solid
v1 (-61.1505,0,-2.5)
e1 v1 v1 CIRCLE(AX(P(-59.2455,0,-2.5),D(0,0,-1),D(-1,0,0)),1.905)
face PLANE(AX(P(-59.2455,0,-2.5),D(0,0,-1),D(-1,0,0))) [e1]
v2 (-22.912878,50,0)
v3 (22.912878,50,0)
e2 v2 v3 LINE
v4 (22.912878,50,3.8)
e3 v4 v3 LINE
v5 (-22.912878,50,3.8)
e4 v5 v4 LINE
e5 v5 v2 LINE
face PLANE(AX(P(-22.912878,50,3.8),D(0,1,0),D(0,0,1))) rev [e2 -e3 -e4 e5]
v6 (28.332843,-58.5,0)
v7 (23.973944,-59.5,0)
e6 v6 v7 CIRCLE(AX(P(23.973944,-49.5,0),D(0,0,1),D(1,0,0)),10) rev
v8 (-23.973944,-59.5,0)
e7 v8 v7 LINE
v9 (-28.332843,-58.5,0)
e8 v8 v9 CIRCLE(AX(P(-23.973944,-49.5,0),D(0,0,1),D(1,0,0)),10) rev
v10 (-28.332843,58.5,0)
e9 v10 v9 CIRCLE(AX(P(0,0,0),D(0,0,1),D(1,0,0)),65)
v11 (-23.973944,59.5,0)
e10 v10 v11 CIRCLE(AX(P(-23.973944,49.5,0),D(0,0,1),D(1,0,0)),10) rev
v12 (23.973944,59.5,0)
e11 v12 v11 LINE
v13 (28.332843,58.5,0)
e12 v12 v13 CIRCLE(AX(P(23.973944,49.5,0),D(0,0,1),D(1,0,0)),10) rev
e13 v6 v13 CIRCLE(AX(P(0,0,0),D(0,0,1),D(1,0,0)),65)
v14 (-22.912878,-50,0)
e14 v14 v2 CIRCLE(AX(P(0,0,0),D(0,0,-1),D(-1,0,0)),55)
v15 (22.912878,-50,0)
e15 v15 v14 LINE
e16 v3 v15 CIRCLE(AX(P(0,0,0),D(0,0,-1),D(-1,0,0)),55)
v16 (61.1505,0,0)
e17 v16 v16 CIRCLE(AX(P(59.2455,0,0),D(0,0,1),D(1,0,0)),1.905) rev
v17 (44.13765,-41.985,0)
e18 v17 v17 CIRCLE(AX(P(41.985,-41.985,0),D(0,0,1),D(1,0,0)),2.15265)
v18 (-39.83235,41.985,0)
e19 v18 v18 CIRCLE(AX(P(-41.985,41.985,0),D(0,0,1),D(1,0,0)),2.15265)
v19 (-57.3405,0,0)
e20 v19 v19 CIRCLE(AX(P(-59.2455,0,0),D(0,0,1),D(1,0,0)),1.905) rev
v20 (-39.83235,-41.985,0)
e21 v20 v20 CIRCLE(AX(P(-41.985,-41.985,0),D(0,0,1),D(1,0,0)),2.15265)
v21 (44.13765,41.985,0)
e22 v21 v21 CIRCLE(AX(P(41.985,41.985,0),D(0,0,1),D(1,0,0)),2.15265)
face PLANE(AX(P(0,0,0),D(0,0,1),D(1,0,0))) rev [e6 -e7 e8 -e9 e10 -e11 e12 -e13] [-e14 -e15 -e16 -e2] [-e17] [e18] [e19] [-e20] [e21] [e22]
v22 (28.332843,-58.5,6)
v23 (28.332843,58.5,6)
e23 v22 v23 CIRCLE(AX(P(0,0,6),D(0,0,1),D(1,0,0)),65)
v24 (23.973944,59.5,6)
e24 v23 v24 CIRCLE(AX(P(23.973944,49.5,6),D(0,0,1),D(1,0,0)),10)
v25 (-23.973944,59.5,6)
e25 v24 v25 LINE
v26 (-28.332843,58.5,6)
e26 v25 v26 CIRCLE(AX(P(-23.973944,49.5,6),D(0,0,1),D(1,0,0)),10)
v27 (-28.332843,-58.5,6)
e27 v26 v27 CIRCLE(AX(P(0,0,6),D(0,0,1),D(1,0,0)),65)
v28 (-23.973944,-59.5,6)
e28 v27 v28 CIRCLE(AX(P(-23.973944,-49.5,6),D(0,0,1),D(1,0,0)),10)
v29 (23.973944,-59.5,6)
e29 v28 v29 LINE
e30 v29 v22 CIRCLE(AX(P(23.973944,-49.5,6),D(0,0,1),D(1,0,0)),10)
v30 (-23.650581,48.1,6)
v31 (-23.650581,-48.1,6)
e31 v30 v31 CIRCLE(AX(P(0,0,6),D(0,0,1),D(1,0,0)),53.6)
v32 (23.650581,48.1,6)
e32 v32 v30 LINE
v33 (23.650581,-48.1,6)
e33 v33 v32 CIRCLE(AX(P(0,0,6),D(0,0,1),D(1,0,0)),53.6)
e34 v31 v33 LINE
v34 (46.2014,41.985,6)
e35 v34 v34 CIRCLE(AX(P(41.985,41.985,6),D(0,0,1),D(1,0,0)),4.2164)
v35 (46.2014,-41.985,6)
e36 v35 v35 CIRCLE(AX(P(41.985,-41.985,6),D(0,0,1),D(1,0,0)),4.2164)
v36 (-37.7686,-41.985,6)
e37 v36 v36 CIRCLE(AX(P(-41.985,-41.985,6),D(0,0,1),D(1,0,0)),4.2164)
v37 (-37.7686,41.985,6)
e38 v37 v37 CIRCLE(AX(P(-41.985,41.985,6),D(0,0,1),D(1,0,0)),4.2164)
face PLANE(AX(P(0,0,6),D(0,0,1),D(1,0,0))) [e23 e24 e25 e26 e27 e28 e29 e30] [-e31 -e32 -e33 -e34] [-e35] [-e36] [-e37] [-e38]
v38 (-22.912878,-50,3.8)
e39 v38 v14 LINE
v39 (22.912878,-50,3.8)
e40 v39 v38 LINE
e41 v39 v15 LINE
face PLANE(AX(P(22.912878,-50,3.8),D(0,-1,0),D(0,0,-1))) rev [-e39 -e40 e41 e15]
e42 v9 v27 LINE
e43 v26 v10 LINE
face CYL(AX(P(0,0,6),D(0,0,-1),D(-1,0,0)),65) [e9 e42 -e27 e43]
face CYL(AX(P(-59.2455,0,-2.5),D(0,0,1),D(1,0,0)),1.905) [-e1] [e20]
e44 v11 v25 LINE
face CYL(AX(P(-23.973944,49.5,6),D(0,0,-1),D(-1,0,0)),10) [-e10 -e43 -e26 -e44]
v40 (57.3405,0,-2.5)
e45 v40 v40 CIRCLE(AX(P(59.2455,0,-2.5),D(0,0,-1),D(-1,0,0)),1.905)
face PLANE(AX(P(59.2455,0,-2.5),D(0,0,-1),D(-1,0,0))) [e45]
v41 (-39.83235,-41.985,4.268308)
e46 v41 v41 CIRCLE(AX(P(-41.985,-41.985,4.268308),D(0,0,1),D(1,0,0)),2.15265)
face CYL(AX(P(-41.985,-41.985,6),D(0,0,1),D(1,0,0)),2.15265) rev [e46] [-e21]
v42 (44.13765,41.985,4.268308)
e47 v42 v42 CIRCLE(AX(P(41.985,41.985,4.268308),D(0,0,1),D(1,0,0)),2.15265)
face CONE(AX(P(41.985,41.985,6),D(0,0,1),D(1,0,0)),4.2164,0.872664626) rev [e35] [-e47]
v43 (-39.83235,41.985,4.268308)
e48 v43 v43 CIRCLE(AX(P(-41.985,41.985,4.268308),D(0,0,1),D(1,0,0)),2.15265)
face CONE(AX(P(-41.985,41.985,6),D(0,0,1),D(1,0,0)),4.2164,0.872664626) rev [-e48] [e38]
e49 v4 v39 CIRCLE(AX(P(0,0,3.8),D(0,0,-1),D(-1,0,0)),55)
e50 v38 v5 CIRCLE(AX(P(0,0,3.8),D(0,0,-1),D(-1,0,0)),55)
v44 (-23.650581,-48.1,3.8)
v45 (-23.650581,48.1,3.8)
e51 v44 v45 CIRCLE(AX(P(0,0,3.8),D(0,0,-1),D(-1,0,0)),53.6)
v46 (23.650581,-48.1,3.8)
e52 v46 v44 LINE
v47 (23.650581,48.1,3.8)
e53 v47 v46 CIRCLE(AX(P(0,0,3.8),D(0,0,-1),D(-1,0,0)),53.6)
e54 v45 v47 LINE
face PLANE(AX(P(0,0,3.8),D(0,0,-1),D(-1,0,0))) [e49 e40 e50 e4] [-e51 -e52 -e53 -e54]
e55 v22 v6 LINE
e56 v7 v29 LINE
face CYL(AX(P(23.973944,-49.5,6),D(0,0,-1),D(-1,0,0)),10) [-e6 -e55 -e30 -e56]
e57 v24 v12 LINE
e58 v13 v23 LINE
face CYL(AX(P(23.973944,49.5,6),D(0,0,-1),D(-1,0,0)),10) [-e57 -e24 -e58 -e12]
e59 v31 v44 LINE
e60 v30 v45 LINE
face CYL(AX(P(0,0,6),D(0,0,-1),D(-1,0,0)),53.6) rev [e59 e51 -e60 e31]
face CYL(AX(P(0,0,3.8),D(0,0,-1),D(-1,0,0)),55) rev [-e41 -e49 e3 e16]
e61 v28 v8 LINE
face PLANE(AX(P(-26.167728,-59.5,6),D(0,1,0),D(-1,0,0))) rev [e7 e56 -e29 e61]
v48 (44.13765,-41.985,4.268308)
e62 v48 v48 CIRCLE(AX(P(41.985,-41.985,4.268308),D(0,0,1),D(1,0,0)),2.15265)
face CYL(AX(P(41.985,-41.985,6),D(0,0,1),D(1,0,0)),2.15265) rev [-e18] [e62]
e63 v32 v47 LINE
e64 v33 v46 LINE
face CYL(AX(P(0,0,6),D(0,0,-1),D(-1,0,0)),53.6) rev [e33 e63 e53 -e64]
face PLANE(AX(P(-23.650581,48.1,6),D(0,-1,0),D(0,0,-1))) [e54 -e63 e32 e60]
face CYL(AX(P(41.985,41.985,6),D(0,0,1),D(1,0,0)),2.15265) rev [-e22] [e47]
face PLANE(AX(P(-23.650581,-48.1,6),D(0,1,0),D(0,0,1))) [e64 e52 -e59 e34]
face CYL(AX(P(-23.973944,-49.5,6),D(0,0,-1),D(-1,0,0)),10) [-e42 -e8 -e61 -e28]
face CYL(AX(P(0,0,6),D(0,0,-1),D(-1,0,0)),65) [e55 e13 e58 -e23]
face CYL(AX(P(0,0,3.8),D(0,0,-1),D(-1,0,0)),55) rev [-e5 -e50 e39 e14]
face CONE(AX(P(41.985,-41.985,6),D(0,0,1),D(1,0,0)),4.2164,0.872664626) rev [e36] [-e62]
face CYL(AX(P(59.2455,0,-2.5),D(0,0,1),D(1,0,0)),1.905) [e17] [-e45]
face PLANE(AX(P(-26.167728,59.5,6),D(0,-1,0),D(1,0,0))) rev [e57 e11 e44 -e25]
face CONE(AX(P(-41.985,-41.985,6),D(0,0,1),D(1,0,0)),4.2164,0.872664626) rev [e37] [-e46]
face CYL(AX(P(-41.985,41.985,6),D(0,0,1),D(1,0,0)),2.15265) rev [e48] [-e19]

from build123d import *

# Parameters (mm, degrees)
BOSS_EXTRUDE1_DEPTH                               = 6
CSK_FOR_8_FLAT_HEAD_MACHINE_SCREW_100_D           = 4.3053
CSK_FOR_8_FLAT_HEAD_MACHINE_SCREW_100_CSINK_D     = 8.4328
CSK_FOR_8_FLAT_HEAD_MACHINE_SCREW_100_CSINK_ANGLE = 100
SKETCH5_R                                         = 1.905
BOSS_EXTRUDE2_DEPTH                               = 2.5
FILLET1_R                                         = 10
CUT_EXTRUDE1_DEPTH                                = 3.8


with BuildPart() as part:
    # Sketch1 → Boss-Extrude1 (new body)
    with BuildSketch(Plane.XY):
        with BuildLine():
            Line((-26.167728216, 59.5), (26.167728216, 59.5))
            ThreePointArc((26.167728216, 59.5), (65, 0), (26.167728216, -59.5))
            Line((26.167728216, -59.5), (-26.167728216, -59.5))
            ThreePointArc((-26.167728216, -59.5), (-65, 0), (-26.167728216, 59.5))
        make_face()
        with BuildLine():
            Line((-23.650581388, 48.1), (23.650581388, 48.1))
            ThreePointArc((23.650581388, 48.1), (53.6, 0), (23.650581388, -48.1))
            Line((23.650581388, -48.1), (-23.650581388, -48.1))
            ThreePointArc((-23.650581388, -48.1), (-53.6, 0), (-23.650581388, 48.1))
        make_face(mode=Mode.SUBTRACT)
    extrude(amount=BOSS_EXTRUDE1_DEPTH)

    # CSK for #8 Flat Head Machine Screw (100)1 (through all)
    with Locations(Plane.XY.offset(6)):
        with Locations((0, 0), (41.985, 41.985), (-41.985, -41.985), (-41.985, 41.985), (41.985, -41.985)):
            CounterSinkHole(CSK_FOR_8_FLAT_HEAD_MACHINE_SCREW_100_D / 2, CSK_FOR_8_FLAT_HEAD_MACHINE_SCREW_100_CSINK_D / 2, counter_sink_angle=CSK_FOR_8_FLAT_HEAD_MACHINE_SCREW_100_CSINK_ANGLE)

    # Sketch5 → Boss-Extrude2 (add)
    with BuildSketch(Plane(origin=(0, 0, 0), x_dir=(-1, 0, 0), z_dir=(0, 0, -1))):
        with Locations(Location((-59.2455, 0, 0), (0, 0, 180))):
            Circle(SKETCH5_R)
        with Locations(Location((59.2455, 0, 0), (0, 0, 180))):
            Circle(SKETCH5_R)
    extrude(amount=BOSS_EXTRUDE2_DEPTH)

    # Fillet1
    fillet1_edges = [part.edges().sort_by_distance(p)[0] for p in [
        (26.167728216, -59.5, 3),
        (-26.167728216, -59.5, 3),
        (-26.167728216, 59.5, 3),
        (26.167728216, 59.5, 3),
    ]]
    fillet(fillet1_edges, radius=FILLET1_R)

    # Sketch6 → Cut-Extrude1 (cut)
    with BuildSketch(Plane(origin=(0, 0, 0), x_dir=(-1, 0, 0), z_dir=(0, 0, -1))):
        with BuildLine():
            Line((22.912878475, 50), (-22.912878475, 50))
            ThreePointArc((-22.912878475, 50), (-55, 0), (-22.912878475, -50))
            Line((-22.912878475, -50), (22.912878475, -50))
            ThreePointArc((22.912878475, -50), (55, 0), (22.912878475, 50))
        make_face()
    extrude(amount=-CUT_EXTRUDE1_DEPTH, mode=Mode.SUBTRACT)


solid = part.part
